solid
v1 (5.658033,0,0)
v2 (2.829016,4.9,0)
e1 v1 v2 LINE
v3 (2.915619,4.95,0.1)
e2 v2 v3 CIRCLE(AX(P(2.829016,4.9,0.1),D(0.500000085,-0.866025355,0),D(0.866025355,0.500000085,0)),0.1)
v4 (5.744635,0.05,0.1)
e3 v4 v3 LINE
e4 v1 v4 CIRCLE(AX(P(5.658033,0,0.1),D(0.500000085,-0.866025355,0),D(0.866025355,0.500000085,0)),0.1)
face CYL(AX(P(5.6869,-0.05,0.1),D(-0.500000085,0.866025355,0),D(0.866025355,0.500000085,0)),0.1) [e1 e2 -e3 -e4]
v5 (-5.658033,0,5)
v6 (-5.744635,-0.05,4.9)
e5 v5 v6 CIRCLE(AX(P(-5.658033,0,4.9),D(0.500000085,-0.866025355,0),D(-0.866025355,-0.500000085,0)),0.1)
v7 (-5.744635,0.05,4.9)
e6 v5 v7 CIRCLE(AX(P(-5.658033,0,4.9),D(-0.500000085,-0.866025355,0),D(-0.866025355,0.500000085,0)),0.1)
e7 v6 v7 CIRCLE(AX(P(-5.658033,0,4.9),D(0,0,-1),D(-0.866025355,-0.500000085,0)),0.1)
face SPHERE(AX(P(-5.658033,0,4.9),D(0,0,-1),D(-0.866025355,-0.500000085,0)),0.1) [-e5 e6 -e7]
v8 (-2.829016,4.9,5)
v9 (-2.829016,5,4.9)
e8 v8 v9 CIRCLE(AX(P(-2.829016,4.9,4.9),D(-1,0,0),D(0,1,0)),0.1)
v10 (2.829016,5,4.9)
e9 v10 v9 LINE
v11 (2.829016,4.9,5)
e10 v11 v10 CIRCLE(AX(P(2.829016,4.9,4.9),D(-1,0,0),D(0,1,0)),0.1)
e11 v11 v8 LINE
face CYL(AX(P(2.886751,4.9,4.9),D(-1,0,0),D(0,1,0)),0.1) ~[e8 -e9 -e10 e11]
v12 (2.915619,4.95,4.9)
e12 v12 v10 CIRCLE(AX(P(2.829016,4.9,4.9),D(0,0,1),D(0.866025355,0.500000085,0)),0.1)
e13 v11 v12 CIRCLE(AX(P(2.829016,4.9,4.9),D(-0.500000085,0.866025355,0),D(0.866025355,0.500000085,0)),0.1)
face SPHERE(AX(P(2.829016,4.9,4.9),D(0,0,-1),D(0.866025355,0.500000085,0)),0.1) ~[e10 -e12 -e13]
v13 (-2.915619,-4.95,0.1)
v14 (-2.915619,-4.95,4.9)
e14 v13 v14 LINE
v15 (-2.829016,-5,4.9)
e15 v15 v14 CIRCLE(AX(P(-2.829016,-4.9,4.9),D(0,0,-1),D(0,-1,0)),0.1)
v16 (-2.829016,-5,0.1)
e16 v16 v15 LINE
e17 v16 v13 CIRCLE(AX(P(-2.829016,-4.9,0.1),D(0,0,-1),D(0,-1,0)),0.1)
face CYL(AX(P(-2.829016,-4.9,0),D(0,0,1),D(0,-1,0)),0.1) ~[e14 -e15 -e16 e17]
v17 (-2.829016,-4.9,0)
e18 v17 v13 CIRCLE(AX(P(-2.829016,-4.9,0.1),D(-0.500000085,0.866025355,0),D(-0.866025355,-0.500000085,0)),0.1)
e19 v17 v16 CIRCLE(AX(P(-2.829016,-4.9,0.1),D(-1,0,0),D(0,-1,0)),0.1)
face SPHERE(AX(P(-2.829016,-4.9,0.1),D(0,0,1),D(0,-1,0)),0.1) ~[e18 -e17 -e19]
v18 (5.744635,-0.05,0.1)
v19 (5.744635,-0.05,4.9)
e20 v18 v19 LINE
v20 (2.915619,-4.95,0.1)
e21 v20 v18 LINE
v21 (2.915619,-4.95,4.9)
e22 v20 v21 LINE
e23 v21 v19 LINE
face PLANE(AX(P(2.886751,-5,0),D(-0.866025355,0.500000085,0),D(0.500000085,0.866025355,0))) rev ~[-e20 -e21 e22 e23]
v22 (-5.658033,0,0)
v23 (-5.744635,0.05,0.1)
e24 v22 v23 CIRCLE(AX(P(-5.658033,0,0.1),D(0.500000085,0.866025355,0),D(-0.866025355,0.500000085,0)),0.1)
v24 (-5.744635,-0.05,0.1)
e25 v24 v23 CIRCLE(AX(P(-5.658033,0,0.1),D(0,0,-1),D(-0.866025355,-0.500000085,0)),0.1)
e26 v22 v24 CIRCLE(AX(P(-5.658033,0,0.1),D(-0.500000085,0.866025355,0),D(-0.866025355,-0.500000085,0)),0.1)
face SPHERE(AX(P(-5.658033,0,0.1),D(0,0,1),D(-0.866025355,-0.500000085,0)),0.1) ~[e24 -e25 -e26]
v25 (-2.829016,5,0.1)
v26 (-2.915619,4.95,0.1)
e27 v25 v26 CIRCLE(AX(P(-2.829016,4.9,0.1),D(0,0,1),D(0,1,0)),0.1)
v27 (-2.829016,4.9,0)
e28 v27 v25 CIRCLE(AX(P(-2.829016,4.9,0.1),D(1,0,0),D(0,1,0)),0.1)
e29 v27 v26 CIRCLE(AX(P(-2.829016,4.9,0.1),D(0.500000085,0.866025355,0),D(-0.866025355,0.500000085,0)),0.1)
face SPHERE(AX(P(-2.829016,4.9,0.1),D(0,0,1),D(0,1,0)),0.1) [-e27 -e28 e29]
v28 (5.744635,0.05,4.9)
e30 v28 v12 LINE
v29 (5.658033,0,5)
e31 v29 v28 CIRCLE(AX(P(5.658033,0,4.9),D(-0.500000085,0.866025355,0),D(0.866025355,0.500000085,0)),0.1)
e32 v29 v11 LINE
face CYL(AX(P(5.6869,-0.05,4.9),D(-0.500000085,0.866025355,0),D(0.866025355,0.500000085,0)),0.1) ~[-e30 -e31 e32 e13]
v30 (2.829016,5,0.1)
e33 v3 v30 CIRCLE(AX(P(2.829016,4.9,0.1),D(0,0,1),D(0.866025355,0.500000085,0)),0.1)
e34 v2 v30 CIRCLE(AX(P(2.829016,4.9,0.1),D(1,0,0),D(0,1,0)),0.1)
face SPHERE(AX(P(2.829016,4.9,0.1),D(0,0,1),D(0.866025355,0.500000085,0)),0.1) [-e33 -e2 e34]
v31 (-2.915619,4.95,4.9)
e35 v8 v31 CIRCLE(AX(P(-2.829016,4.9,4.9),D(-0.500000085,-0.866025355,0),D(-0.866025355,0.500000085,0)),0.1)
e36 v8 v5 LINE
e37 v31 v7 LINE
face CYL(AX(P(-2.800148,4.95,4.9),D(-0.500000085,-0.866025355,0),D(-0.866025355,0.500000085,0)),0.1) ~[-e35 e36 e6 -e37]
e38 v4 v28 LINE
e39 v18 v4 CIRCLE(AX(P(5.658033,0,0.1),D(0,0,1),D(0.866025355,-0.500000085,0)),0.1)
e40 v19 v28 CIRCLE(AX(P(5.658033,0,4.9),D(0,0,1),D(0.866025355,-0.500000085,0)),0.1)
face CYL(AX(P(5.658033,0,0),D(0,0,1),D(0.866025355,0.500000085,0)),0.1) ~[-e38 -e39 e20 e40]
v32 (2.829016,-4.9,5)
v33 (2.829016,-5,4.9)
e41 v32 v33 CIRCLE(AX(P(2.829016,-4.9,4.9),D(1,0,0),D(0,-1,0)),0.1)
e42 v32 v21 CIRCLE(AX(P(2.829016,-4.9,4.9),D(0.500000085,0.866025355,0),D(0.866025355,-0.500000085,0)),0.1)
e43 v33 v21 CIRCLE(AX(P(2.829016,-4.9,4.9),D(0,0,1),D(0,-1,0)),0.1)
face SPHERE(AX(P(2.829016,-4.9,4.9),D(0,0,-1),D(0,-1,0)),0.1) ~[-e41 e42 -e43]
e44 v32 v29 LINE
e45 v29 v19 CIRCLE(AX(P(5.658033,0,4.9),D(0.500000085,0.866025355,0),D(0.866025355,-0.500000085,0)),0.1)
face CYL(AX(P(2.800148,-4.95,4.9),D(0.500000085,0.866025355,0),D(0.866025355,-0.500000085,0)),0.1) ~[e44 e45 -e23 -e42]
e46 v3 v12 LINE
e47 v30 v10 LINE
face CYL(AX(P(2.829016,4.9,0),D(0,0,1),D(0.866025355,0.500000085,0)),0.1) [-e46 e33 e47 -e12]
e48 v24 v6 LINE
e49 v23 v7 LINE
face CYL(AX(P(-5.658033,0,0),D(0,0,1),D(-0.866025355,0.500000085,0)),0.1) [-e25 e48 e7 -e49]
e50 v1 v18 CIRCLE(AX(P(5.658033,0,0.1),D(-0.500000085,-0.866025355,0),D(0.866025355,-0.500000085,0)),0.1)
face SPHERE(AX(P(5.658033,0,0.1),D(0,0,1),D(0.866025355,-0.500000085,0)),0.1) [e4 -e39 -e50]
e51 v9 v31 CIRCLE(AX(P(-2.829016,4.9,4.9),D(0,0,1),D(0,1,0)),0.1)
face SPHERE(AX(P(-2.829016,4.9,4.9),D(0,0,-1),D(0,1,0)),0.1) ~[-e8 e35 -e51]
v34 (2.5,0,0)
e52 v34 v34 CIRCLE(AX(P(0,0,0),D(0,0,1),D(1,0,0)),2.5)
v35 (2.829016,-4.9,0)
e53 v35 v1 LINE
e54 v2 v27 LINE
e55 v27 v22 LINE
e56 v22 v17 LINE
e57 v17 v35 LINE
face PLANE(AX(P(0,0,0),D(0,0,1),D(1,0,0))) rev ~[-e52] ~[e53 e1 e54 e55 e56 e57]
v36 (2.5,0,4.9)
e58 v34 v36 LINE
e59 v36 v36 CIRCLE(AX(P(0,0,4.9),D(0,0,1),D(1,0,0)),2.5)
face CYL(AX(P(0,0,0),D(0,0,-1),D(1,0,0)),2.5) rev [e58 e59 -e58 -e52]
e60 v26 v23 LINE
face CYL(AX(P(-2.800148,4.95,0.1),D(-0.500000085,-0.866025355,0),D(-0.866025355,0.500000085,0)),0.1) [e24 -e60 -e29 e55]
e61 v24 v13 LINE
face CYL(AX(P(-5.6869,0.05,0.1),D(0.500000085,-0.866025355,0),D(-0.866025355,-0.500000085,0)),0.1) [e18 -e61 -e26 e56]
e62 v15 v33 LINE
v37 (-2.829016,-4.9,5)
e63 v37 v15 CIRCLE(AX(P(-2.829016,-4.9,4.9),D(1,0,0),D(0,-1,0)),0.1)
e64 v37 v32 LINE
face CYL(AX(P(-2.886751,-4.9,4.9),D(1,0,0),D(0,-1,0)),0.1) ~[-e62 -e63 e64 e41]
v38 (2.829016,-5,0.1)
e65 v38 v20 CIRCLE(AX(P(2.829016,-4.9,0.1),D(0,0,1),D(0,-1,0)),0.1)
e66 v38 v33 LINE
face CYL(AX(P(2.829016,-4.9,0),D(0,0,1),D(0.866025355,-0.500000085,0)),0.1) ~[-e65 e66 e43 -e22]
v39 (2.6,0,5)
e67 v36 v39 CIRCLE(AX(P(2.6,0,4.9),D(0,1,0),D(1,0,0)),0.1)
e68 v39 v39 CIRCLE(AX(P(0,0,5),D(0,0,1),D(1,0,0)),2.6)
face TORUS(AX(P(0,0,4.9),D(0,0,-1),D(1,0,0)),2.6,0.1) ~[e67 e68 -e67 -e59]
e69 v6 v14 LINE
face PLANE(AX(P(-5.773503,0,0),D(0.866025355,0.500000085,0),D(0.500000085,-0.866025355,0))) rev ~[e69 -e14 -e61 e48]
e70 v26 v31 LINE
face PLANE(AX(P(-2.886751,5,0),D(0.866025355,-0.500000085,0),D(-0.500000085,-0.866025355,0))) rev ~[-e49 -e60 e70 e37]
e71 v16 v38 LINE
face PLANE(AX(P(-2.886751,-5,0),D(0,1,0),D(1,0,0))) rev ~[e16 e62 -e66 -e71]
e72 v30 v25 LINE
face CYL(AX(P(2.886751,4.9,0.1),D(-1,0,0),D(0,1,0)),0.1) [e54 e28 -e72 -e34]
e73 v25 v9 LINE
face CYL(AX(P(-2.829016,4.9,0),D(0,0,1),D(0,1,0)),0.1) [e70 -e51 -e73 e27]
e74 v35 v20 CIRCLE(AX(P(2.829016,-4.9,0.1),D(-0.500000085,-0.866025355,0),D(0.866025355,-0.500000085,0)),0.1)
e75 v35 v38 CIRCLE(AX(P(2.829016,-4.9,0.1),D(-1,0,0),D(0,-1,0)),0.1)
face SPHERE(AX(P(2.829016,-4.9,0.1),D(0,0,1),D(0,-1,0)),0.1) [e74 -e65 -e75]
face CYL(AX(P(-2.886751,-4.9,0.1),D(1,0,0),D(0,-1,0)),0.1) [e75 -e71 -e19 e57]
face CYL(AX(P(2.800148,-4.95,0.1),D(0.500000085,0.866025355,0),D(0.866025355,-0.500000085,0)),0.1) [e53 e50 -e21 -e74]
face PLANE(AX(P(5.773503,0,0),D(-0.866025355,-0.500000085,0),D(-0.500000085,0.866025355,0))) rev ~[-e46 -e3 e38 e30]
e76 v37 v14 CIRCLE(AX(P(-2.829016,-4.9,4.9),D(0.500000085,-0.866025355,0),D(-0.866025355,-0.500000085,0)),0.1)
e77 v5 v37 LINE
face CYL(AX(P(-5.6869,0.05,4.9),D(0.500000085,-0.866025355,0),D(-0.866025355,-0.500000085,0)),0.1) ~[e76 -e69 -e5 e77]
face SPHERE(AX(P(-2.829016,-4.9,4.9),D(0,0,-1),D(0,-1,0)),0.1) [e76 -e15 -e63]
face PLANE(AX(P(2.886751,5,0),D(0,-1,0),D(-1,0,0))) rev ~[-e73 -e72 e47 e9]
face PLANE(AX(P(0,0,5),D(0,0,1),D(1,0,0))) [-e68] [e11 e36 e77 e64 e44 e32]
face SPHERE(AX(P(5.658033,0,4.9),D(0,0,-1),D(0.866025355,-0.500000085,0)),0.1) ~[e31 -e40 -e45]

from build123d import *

# Parameters (mm, degrees)
F0_R     = 2.5
F1_DEPTH = 5
F2_R     = 0.1


with BuildPart() as f1:
    # F0 (on Top) → F1 (new body)
    with BuildSketch(Plane.XY):
        Polygon((5.773503, 0), (2.886751, 5), (-2.886751, 5), (-5.773503, 0), (-2.886751, -5), (2.886751, -5), align=None)
        Circle(F0_R, mode=Mode.SUBTRACT)
    extrude(amount=F1_DEPTH)

    # F2
    f2_edges = [f1.edges().sort_by_distance(p)[0] for p in [
        (-2.886751, -5, 2.5),
        (2.886751, -5, 2.5),
        (0, -5, 0),
        (0, -5, 5),
        (-5.773503, 0, 2.5),
        (-4.330127, -2.5, 0),
        (-4.330127, -2.5, 5),
        (5.773503, 0, 2.5),
        (4.330127, -2.5, 0),
        (4.330127, -2.5, 5),
        (2.886751, 5, 2.5),
        (4.330127, 2.5, 0),
        (4.330127, 2.5, 5),
        (-2.886751, 5, 2.5),
        (0, 5, 0),
        (0, 5, 5),
        (-4.330127, 2.5, 0),
        (-4.330127, 2.5, 5),
        (-2.5, 0, 5),
    ]]
    fillet(f2_edges, radius=F2_R)


solid = f1.part
